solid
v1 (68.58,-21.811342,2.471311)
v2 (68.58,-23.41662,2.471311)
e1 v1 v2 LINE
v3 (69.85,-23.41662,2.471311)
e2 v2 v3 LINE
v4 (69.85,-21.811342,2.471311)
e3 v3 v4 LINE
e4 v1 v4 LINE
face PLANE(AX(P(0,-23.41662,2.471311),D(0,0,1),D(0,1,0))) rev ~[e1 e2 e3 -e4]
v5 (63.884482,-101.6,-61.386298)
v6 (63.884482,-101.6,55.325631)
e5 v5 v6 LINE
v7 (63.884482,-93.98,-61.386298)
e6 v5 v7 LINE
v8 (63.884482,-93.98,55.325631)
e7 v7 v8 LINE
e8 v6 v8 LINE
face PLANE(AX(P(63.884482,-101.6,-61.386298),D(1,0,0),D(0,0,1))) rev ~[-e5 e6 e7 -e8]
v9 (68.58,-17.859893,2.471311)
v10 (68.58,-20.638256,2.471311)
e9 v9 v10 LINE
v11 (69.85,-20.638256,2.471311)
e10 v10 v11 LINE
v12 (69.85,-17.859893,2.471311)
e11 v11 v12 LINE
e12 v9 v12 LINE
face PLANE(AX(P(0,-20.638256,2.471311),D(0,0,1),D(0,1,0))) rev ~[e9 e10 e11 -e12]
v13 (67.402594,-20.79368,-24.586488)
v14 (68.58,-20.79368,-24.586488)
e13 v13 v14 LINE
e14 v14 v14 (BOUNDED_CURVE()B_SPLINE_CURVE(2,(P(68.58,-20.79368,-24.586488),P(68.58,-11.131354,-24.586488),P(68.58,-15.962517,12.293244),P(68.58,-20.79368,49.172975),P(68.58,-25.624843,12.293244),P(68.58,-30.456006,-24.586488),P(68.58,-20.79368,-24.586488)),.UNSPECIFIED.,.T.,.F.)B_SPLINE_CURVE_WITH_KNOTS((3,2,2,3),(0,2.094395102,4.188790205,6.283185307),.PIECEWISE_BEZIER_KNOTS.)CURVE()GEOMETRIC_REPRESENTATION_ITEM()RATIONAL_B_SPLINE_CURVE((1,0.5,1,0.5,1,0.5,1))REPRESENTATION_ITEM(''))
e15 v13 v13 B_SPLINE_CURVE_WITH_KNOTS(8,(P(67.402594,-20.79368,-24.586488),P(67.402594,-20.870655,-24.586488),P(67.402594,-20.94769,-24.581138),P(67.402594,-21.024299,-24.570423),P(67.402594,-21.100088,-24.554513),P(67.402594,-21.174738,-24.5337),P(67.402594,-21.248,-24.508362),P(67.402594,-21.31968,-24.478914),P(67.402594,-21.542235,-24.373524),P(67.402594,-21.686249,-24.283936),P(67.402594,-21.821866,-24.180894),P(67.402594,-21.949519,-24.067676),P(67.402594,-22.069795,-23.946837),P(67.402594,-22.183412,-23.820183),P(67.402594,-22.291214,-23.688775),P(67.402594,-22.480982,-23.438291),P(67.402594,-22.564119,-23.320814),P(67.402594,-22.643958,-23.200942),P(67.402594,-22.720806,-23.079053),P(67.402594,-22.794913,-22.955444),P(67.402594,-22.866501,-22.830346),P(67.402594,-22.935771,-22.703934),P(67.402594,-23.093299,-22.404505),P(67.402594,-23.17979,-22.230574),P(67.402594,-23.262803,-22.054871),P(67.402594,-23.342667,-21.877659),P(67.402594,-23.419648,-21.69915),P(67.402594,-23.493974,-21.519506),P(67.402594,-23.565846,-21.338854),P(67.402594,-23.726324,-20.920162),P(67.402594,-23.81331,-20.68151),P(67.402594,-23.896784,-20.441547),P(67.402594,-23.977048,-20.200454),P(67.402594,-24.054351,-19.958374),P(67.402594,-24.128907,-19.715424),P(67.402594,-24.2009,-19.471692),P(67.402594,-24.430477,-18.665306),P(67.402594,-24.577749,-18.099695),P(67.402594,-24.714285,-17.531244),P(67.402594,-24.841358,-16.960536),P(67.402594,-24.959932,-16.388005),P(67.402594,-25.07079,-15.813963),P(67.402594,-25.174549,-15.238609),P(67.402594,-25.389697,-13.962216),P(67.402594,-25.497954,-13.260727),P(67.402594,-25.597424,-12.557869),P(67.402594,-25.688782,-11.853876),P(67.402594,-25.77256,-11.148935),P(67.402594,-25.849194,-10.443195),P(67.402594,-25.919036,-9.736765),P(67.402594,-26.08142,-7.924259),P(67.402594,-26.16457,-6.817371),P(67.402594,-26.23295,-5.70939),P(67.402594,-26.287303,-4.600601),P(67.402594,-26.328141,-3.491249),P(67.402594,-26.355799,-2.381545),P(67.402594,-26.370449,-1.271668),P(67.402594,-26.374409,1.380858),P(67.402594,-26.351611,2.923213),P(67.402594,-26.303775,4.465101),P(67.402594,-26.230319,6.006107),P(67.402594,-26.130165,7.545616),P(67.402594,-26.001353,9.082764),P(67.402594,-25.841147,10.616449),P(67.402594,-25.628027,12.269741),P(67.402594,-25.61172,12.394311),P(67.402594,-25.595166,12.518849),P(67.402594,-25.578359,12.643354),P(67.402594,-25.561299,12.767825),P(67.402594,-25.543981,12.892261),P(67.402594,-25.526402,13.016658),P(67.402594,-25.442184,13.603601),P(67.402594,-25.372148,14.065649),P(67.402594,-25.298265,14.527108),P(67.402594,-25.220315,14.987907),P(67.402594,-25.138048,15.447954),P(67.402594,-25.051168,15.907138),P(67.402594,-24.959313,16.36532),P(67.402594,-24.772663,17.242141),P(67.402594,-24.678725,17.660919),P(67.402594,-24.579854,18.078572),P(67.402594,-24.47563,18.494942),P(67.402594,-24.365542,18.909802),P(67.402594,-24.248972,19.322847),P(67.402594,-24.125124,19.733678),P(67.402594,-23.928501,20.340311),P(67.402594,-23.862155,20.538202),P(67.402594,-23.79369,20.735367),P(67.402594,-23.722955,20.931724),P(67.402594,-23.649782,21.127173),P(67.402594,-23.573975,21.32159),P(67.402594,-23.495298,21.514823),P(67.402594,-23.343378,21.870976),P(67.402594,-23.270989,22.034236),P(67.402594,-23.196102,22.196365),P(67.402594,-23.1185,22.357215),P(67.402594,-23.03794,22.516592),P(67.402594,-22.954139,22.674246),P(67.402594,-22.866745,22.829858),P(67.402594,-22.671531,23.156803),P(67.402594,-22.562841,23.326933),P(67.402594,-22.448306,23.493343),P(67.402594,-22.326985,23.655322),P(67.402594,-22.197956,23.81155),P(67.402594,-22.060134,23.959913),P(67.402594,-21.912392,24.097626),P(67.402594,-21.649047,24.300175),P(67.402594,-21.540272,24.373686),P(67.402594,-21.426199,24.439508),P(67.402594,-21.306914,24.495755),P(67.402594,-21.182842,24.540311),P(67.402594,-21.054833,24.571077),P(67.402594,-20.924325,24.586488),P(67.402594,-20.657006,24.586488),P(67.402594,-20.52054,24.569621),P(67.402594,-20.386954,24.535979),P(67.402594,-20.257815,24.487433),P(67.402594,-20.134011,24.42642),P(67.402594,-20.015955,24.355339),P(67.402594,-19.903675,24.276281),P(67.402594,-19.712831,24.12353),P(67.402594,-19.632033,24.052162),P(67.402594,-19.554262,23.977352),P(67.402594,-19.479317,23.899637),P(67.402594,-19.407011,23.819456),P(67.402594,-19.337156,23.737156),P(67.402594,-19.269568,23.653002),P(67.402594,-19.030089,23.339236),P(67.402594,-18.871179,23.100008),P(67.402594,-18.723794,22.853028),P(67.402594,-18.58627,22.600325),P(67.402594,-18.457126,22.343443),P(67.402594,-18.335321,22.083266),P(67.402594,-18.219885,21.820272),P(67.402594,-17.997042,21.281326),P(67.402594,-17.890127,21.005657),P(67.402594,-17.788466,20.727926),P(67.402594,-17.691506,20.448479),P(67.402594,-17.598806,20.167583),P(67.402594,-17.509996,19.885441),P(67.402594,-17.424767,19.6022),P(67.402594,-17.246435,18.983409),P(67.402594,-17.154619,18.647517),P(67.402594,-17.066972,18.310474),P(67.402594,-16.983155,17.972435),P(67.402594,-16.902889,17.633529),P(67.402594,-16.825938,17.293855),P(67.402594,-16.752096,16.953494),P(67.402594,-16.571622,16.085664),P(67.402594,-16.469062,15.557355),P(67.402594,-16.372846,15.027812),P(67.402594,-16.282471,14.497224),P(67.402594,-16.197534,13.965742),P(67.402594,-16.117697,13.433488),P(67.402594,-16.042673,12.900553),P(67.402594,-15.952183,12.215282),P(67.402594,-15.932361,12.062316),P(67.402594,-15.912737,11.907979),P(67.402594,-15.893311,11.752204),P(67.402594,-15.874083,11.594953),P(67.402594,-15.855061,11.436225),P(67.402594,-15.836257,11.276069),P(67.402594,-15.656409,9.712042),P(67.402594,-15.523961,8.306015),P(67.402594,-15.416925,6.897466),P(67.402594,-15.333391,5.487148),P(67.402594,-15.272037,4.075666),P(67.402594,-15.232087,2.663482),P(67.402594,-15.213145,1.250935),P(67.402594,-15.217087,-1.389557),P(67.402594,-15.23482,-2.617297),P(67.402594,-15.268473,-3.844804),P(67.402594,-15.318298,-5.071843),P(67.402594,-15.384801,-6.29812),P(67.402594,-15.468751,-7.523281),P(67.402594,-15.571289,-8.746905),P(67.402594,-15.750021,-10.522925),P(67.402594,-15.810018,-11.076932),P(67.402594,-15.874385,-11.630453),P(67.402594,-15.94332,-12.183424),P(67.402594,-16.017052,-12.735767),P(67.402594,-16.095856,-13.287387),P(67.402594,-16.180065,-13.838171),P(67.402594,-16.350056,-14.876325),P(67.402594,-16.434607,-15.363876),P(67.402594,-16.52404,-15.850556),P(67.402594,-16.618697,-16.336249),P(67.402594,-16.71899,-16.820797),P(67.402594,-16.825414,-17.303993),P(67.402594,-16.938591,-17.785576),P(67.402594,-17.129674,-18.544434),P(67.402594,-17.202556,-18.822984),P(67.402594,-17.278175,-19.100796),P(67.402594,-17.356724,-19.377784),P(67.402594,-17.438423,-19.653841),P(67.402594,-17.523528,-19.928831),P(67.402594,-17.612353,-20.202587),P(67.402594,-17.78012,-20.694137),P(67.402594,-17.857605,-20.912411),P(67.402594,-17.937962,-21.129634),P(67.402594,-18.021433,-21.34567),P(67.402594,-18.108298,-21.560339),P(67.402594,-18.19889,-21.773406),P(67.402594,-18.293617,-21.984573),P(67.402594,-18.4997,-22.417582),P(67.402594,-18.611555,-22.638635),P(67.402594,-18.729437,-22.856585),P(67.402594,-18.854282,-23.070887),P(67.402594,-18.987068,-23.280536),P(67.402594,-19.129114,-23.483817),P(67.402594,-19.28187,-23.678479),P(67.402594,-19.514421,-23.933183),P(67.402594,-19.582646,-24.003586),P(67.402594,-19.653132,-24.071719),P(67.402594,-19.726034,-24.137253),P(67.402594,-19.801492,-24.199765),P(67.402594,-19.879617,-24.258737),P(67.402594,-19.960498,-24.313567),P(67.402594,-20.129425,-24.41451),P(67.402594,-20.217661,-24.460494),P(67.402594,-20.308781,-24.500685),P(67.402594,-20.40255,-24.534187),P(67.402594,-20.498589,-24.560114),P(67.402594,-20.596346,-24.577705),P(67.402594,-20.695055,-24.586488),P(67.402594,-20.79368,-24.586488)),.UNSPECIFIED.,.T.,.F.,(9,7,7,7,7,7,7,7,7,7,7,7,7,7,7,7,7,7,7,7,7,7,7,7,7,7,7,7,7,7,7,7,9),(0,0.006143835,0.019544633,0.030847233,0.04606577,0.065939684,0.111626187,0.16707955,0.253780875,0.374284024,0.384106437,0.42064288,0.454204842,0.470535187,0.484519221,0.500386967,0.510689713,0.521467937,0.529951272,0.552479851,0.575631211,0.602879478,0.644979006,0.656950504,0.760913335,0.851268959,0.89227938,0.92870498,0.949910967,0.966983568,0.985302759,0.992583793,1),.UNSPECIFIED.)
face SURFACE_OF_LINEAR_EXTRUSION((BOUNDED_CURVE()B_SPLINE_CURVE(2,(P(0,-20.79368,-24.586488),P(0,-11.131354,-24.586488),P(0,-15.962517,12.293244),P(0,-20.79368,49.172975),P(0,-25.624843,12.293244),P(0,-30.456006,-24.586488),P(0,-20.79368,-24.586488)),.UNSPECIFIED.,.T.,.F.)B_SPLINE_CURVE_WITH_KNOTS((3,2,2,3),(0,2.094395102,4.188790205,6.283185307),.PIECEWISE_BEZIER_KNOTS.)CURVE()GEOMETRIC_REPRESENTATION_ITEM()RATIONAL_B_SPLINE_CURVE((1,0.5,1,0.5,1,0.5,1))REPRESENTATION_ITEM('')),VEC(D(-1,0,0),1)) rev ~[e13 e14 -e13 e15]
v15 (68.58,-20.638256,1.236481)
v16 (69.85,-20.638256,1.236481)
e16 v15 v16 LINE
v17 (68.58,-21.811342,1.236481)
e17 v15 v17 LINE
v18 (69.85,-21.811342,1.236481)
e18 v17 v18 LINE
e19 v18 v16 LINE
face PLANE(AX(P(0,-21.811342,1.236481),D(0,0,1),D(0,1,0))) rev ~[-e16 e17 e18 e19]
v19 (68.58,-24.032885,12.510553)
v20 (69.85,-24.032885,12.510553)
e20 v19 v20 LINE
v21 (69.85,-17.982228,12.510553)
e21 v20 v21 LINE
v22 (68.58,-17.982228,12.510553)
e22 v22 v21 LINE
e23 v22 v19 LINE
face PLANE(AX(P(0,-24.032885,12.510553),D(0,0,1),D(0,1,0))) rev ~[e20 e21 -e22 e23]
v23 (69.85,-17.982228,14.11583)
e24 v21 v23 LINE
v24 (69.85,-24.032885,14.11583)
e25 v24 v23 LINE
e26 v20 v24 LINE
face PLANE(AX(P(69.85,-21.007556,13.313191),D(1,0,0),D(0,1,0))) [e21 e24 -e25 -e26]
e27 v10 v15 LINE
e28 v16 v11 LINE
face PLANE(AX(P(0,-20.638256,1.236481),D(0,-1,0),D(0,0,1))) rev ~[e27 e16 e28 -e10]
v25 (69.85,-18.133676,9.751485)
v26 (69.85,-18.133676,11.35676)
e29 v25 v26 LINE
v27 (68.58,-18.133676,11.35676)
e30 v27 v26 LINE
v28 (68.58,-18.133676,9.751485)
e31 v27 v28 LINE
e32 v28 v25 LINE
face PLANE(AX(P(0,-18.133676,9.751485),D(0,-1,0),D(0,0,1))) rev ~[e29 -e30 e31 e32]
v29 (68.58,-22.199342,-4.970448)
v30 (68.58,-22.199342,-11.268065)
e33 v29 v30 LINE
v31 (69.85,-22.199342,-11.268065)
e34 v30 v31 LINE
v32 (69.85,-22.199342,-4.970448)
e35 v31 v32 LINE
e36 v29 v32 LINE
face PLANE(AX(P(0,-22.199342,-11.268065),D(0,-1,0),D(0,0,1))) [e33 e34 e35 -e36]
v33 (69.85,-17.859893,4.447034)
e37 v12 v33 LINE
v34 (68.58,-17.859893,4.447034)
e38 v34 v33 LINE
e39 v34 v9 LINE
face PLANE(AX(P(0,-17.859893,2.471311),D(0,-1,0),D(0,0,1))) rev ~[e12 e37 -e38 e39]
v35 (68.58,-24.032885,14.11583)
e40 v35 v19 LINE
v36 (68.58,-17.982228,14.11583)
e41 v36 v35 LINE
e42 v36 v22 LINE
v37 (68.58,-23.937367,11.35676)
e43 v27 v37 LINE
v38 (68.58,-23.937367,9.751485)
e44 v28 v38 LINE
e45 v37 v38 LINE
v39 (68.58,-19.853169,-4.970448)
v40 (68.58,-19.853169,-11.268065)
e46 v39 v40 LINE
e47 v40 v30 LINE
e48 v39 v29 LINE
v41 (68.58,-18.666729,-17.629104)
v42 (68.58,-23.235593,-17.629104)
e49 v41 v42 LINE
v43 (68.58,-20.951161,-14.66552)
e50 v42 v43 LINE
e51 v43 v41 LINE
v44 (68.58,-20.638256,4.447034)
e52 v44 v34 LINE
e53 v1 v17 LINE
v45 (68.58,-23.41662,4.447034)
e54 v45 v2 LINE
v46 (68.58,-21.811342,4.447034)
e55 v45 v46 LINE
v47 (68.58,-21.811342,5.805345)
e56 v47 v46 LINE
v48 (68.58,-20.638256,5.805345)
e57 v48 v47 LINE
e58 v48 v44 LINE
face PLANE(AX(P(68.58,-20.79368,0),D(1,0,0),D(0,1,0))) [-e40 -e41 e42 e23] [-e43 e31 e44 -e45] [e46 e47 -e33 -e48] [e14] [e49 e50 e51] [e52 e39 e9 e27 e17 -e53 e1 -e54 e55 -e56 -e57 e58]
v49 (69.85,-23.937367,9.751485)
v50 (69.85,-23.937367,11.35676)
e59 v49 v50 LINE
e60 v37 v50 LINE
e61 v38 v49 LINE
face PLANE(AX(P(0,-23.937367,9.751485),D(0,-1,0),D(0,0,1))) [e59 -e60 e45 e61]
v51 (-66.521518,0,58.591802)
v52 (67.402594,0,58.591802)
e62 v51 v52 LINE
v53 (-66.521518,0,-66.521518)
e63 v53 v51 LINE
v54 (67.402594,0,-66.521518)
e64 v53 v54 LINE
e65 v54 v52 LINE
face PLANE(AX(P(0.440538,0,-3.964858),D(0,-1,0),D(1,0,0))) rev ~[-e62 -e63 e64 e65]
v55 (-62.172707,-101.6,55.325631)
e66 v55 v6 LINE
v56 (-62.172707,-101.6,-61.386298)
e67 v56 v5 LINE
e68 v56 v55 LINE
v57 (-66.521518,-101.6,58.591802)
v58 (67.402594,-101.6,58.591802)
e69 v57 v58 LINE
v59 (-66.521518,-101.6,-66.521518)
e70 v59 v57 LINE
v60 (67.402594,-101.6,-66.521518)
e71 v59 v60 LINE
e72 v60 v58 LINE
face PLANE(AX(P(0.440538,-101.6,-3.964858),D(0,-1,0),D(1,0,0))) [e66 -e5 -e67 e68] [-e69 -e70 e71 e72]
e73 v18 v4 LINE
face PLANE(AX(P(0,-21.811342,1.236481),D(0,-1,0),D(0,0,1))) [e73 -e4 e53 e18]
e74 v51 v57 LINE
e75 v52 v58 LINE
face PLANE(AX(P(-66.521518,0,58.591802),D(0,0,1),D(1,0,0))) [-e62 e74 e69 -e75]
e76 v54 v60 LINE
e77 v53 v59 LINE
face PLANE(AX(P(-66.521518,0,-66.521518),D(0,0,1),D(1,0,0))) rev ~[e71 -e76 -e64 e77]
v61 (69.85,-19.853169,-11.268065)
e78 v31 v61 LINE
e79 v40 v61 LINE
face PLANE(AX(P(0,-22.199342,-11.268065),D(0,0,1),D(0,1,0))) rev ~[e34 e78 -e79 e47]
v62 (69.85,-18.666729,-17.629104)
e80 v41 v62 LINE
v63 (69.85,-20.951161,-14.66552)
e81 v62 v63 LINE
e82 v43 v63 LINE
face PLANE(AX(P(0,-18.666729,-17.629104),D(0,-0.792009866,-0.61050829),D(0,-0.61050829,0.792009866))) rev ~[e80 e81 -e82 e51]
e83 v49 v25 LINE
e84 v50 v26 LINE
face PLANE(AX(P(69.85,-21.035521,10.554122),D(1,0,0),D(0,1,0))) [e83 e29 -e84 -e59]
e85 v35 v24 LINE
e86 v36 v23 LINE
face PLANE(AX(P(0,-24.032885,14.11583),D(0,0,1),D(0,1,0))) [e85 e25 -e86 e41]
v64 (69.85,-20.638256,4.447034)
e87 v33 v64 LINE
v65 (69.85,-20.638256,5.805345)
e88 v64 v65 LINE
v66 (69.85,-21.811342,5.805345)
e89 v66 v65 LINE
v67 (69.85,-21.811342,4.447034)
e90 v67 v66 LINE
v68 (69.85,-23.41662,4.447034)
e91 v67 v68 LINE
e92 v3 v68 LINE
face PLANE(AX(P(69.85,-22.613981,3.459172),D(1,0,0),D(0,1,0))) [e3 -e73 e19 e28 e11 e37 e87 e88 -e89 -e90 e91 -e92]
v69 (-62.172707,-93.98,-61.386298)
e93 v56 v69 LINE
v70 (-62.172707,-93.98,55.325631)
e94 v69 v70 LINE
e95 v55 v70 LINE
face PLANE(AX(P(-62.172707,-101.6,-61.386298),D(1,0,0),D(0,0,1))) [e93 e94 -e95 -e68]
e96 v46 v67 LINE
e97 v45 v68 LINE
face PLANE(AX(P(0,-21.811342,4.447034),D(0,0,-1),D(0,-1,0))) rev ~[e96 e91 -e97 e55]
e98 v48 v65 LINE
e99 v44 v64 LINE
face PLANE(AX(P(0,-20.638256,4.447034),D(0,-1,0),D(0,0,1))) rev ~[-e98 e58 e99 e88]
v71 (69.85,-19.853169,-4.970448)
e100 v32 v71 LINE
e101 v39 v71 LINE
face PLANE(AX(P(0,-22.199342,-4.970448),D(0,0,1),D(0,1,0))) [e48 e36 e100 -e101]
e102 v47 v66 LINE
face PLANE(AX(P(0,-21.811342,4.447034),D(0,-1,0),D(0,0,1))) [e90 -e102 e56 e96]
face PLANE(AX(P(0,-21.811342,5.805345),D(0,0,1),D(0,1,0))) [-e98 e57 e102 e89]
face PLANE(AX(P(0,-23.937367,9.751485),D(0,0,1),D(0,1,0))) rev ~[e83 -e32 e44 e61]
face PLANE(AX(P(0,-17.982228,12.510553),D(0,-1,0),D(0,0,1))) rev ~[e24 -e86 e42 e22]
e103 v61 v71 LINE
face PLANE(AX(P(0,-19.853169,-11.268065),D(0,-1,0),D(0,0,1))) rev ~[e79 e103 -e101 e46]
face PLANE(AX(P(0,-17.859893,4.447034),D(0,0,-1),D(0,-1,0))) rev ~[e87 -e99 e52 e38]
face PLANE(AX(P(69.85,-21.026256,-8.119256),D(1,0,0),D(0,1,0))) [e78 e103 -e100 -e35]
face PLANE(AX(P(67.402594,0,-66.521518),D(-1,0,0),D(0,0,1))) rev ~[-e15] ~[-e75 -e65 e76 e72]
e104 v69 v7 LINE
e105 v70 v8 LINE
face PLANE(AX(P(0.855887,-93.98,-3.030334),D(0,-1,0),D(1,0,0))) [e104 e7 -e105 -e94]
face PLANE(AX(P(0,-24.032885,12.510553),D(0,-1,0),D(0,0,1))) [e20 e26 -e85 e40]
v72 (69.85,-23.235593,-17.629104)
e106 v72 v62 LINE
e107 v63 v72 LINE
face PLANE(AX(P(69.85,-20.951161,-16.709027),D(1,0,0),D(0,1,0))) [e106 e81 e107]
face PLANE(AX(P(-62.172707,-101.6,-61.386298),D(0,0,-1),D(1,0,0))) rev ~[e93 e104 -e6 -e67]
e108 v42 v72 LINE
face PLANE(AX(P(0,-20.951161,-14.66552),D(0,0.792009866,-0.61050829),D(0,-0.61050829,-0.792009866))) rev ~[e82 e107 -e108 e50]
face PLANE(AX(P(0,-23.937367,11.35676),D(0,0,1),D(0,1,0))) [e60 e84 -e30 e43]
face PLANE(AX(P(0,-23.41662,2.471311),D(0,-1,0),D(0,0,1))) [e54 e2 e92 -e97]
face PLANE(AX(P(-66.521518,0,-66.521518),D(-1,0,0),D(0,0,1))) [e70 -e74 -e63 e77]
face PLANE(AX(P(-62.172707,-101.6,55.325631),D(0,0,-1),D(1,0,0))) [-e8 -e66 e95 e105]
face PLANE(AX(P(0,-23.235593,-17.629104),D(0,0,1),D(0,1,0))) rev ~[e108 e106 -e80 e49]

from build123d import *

# Parameters (mm, degrees)
F0_W      = 133.9241117239
F0_H      = 125.1133196056
F1_DEPTH  = 101.6
F2_W      = 126.0571889579
F2_H      = 116.7119294405
F3_DEPTH  = 7.62
F5_DEPTH  = 68.58
F6_W      = 6.050657481
F6_H      = 1.6052769497
F7_DEPTH  = 69.85
F8_W      = 5.8036912233
F8_H      = 1.6052750871
F9_DEPTH  = 69.85
F10_W     = 1.605277881
F10_H     = 1.975722611
F10_W_2   = 1.1730855331
F10_H_2   = 1.2348302407
F10_W_3   = 2.7783634141
F10_H_3   = 1.3583111577
F11_DEPTH = 69.85
F13_DEPTH = 69.85
F14_W     = 2.3461729288
F14_H     = 6.297617685
F15_DEPTH = 69.85


with BuildPart() as f1:
    # F0 (on Front) → F1 (new body)
    with BuildSketch(Plane.XZ):
        with Locations((0.4405379295, -3.9648581296)):
            Rectangle(F0_W, F0_H)
    extrude(amount=F1_DEPTH)

    # F2 (on face) → F3 (cut)
    with BuildSketch(Plane.XZ.offset(101.6)):
        with Locations((0.8558873087, -3.030333668)):
            Rectangle(F2_W, F2_H)
    extrude(amount=-F3_DEPTH, mode=Mode.SUBTRACT)

    # F4 (on Right) → F5 (join)
    with BuildSketch(Plane.YZ):
        with BuildLine():
            add(Edge.make_bspline(
                [(-20.7936801016, -24.5864875615), (-11.1313539485, -24.5864875615), (-15.9625170251, 12.2932437807), (-20.7936801016, 49.1729751229), (-25.6248431782, 12.2932437807), (-30.4560062548, -24.5864875615), (-20.7936801016, -24.5864875615)],
                knots=[0, 0, 0, 2.0943951024, 2.0943951024, 4.1887902048, 4.1887902048, 6.2831853072, 6.2831853072, 6.2831853072], degree=2, weights=[1, 0.5, 1, 0.5, 1, 0.5, 1]))
        make_face()
    extrude(amount=F5_DEPTH)

    # F6 (on Right) → F7 (join)
    with BuildSketch(Plane.YZ):
        with Locations((-21.0075564682, 13.3131914772)):
            Rectangle(F6_W, F6_H)
    extrude(amount=F7_DEPTH)

    # F8 (on Right) → F9 (join)
    with BuildSketch(Plane.YZ):
        with Locations((-21.0355212912, 10.5541222729)):
            Rectangle(F8_W, F8_H)
    extrude(amount=F9_DEPTH)

    # F10 (on Right) → F11 (join)
    with BuildSketch(Plane.YZ):
        with Locations((-22.6139808074, 3.4591723233)):
            Rectangle(F10_W, F10_H)
        with Locations((-21.2247991003, 3.4591723233)):
            Rectangle(F10_W_2, F10_H)
        with Locations((-21.2247991003, 1.8538958975)):
            Rectangle(F10_W_2, F10_H_2)
        with Locations((-19.2490746267, 3.4591723233)):
            Rectangle(F10_W_3, F10_H)
        with Locations((-21.2247991003, 5.1261892077)):
            Rectangle(F10_W_2, F10_H_3)
    extrude(amount=F11_DEPTH)

    # F12 (on Right) → F13 (join)
    with BuildSketch(Plane.YZ):
        Polygon((-20.9511611611, -14.6655198187), (-23.2355929911, -17.6291037351), (-18.666729331, -17.6291037351), align=None)
    extrude(amount=F13_DEPTH)

    # F14 (on Right) → F15 (join)
    with BuildSketch(Plane.YZ):
        with Locations((-21.0262555629, -8.1192564685)):
            Rectangle(F14_W, F14_H)
    extrude(amount=F15_DEPTH)


solid = f1.part
